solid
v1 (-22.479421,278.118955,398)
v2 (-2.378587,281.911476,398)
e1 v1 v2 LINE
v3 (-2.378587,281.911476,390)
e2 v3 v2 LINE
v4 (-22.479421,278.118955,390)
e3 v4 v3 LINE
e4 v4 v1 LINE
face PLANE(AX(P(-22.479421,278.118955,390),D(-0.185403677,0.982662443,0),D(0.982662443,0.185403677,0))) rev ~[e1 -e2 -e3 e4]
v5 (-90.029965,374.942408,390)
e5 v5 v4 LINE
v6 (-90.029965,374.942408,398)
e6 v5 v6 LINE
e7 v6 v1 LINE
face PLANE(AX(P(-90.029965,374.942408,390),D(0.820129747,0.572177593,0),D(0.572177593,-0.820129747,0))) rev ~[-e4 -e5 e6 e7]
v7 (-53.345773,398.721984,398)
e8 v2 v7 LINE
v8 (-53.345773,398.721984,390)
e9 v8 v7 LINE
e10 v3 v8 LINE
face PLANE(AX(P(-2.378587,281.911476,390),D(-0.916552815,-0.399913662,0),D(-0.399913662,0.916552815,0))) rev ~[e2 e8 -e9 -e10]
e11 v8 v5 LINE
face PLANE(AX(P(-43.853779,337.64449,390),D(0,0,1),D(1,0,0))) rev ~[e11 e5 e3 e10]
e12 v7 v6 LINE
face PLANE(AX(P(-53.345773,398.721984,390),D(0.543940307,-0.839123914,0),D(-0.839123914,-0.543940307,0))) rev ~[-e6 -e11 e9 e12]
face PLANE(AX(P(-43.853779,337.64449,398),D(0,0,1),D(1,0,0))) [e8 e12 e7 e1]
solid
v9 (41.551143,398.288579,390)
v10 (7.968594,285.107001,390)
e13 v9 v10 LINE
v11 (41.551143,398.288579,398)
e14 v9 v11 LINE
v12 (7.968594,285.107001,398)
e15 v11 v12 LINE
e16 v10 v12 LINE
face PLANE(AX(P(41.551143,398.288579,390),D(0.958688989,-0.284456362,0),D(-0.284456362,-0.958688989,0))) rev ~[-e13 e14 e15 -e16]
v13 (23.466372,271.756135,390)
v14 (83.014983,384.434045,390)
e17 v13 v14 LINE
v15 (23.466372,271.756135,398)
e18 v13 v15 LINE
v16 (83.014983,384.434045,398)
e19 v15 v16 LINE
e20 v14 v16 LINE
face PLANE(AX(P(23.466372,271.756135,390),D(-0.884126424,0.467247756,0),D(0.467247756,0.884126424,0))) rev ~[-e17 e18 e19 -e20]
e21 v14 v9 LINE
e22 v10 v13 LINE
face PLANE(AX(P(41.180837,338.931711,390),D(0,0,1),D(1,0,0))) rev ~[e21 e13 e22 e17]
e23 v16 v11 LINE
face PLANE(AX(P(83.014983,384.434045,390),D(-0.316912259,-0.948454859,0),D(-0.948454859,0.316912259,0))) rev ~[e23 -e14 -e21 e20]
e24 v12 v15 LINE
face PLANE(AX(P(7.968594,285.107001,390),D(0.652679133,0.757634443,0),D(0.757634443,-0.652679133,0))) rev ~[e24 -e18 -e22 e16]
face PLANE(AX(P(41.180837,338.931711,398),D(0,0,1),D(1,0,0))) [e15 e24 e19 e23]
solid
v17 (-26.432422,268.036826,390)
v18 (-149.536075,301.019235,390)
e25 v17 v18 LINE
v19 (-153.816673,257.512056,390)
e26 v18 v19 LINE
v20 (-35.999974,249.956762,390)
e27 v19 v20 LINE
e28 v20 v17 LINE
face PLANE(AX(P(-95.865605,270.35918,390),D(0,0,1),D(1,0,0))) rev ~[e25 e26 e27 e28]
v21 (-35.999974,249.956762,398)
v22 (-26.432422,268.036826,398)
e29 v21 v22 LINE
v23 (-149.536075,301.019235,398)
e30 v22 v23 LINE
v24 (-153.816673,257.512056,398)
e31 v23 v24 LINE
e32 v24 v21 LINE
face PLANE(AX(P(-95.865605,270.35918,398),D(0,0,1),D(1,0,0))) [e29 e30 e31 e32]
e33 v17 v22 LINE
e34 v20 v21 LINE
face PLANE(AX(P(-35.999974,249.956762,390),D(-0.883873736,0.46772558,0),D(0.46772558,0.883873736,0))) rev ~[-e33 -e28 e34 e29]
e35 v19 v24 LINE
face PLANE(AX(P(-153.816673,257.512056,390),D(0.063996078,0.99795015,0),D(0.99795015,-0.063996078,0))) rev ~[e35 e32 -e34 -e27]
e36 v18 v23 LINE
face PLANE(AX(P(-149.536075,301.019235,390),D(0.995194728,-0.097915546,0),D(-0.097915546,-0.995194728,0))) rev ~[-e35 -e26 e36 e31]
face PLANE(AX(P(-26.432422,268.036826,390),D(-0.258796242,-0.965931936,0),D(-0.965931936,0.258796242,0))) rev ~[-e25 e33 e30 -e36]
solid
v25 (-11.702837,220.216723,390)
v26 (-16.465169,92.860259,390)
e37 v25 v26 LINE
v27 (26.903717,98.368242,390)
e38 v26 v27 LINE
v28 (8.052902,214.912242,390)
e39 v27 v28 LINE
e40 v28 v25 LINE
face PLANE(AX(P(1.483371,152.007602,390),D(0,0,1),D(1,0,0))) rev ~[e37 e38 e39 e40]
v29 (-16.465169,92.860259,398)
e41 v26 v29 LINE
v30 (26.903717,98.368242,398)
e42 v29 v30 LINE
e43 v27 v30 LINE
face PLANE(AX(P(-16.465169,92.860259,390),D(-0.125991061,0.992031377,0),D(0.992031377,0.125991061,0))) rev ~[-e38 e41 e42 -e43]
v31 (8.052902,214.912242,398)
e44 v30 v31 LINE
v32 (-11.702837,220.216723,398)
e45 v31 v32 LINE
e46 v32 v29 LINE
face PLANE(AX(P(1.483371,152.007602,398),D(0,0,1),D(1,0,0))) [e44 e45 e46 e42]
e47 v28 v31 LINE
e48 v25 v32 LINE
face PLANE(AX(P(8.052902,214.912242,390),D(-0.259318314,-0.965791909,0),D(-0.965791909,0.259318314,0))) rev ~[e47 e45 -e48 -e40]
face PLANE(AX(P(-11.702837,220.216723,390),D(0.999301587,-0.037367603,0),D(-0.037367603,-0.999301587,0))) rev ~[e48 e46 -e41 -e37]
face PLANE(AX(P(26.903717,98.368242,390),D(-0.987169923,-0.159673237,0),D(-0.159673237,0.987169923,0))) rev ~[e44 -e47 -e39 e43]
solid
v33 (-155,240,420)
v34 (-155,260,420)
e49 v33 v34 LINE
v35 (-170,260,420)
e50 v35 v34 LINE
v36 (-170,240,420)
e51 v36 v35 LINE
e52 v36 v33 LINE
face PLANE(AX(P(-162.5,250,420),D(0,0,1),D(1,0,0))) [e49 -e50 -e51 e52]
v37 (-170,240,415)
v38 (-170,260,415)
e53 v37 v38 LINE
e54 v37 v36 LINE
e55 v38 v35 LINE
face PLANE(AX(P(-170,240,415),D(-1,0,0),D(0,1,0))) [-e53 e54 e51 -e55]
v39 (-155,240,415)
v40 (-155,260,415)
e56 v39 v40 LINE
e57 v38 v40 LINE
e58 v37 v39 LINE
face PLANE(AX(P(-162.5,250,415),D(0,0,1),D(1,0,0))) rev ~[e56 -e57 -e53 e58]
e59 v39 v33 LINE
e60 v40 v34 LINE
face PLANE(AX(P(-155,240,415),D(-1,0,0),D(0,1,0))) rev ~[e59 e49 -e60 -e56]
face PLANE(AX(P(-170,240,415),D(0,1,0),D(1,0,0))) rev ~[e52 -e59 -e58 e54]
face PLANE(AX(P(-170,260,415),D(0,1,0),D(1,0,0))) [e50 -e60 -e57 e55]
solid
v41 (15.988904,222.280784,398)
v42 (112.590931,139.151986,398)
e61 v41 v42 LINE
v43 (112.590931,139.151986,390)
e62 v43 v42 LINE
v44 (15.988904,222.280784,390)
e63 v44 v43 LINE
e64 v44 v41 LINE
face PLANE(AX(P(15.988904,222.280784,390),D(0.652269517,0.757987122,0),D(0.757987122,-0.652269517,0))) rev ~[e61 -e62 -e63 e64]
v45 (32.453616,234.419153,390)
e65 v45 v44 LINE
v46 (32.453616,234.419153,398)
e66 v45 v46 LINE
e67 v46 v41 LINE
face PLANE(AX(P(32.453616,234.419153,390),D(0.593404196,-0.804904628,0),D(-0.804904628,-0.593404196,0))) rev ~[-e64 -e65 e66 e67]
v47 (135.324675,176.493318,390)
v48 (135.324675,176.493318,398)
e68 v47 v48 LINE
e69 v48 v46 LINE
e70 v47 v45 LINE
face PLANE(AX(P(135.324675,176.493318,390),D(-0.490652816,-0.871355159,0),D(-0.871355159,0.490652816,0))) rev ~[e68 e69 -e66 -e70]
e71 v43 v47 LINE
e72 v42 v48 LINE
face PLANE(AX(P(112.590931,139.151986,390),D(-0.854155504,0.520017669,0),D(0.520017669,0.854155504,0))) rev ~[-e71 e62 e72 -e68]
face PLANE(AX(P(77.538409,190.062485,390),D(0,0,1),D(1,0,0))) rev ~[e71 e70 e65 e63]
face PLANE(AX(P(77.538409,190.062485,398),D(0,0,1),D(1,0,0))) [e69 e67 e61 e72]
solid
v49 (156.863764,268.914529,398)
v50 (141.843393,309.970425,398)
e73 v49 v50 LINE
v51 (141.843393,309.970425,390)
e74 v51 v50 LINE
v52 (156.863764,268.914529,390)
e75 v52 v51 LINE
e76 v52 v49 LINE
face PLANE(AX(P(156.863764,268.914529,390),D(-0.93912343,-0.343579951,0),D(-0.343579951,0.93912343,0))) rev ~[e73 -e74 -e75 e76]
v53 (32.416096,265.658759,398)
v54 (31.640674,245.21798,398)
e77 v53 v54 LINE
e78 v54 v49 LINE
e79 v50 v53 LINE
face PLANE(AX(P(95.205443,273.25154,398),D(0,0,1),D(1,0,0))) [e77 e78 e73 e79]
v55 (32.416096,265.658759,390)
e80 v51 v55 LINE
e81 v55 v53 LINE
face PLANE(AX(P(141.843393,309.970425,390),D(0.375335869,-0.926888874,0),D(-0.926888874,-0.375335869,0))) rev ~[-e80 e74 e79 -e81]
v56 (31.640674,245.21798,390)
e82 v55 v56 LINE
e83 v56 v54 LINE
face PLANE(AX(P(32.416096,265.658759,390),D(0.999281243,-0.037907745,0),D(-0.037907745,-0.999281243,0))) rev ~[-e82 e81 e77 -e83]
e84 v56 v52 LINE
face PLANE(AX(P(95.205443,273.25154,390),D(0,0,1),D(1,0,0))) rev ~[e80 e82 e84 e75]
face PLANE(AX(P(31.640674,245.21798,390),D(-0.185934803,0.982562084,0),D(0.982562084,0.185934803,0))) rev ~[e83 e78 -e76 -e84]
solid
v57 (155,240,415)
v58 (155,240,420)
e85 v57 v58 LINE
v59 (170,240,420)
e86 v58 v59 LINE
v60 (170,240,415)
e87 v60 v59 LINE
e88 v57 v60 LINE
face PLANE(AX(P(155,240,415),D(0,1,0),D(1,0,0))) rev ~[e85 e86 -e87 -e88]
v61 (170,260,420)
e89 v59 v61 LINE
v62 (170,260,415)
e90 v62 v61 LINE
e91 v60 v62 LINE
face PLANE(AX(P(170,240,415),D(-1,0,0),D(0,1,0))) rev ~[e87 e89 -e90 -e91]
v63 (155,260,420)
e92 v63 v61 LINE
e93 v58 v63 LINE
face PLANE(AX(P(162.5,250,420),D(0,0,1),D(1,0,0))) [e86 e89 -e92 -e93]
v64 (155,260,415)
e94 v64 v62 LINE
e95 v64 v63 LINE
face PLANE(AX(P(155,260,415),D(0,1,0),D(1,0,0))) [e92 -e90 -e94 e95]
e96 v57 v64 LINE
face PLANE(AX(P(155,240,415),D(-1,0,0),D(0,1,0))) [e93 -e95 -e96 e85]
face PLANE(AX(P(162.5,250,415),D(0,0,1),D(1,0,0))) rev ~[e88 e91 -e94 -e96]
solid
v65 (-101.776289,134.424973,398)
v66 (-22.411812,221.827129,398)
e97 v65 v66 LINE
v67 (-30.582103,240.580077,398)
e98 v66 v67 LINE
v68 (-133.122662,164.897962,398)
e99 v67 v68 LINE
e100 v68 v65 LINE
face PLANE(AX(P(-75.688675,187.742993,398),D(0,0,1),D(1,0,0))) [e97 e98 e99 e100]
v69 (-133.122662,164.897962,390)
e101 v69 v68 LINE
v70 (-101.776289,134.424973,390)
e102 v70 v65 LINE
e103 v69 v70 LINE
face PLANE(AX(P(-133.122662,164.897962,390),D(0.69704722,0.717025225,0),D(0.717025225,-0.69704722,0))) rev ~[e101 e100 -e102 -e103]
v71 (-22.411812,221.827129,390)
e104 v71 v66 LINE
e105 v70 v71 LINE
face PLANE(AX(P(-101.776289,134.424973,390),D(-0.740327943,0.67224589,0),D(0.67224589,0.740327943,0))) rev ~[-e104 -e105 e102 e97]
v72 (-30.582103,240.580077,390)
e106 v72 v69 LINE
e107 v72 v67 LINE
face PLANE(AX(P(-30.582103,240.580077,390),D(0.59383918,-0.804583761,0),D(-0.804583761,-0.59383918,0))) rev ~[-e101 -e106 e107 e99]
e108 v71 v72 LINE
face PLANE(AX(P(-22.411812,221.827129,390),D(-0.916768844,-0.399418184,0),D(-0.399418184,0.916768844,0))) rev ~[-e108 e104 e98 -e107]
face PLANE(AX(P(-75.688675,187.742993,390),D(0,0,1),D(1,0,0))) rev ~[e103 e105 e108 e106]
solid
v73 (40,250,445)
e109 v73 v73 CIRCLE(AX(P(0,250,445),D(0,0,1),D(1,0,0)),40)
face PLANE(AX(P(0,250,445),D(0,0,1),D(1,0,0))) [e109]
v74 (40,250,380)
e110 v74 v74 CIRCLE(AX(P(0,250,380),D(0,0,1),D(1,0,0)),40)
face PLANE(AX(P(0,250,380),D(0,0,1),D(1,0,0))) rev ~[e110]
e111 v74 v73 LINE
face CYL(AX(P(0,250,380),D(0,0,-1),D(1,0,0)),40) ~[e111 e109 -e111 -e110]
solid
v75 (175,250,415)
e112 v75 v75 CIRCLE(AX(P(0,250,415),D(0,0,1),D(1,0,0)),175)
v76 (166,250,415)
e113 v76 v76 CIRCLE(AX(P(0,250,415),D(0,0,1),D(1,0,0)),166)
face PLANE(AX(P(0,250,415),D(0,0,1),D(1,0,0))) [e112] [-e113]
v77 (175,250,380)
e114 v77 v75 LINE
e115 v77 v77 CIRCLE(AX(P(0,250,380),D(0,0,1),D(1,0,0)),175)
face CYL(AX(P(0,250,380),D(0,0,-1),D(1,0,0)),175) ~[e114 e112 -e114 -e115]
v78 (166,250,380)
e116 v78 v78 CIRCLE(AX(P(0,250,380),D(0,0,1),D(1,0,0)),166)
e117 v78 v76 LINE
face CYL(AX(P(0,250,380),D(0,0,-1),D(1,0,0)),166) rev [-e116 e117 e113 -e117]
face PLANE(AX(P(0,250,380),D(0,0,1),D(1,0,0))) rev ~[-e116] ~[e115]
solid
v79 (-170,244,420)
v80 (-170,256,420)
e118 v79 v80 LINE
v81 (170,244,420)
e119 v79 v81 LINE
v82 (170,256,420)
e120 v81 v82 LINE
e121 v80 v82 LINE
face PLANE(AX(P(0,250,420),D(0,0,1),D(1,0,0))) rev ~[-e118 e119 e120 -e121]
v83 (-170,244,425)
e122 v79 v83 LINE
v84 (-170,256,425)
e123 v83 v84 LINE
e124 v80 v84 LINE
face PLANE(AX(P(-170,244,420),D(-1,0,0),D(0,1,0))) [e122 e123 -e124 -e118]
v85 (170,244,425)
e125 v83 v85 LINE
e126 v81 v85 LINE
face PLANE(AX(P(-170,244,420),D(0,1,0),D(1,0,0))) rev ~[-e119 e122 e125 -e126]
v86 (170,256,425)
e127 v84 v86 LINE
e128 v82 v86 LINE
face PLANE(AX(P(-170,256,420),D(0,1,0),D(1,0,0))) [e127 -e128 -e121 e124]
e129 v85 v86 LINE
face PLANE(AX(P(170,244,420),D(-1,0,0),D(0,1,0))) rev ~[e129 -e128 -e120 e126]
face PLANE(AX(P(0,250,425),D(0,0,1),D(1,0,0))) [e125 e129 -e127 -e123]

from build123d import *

# Parameters (mm, degrees)
FAN_HOUSING_OD350_ASSUMED_START  = 380
SKETCH1_R                        = 175
SKETCH1_R_2                      = 166
FAN_HOUSING_OD350_ASSUMED_DEPTH  = 35
FAN_MOTOR_ENVELOPE_ASSUMED_START = 380
SKETCH2_R                        = 40
FAN_MOTOR_ENVELOPE_ASSUMED_DEPTH = 65
BLADE_1_VISUAL_ONLY_START        = 390
BLADE_1_VISUAL_ONLY_DEPTH        = 8
BLADE_2_VISUAL_ONLY_START        = 390
BLADE_2_VISUAL_ONLY_DEPTH        = 8
BLADE_3_VISUAL_ONLY_START        = 390
BLADE_3_VISUAL_ONLY_DEPTH        = 8
BLADE_4_VISUAL_ONLY_START        = 390
BLADE_4_VISUAL_ONLY_DEPTH        = 8
BLADE_5_VISUAL_ONLY_START        = 390
BLADE_5_VISUAL_ONLY_DEPTH        = 8
BLADE_6_VISUAL_ONLY_START        = 390
BLADE_6_VISUAL_ONLY_DEPTH        = 8
BLADE_7_VISUAL_ONLY_START        = 390
BLADE_7_VISUAL_ONLY_DEPTH        = 8
MOTOR_SUPPORT_STRUT_START        = 415
SKETCH10_W                       = 15
SKETCH10_H                       = 20
MOTOR_SUPPORT_STRUT_DEPTH        = 5
BOSS_EXTRUDE11_START             = 415
SKETCH11_W                       = 15
SKETCH11_H                       = 20
BOSS_EXTRUDE11_DEPTH             = 5
MOTOR_SUPPORT_BRIDGE_START       = 420
SKETCH12_W                       = 340
SKETCH12_H                       = 12
MOTOR_SUPPORT_BRIDGE_DEPTH       = 5


with BuildPart() as part:
    # Sketch1 → Fan_housing_OD350_ASSUMED (new body)
    with BuildSketch(Plane.XY.offset(FAN_HOUSING_OD350_ASSUMED_START)):
        with Locations((0, 250)):
            Circle(SKETCH1_R)
        with Locations((0, 250)):
            Circle(SKETCH1_R_2, mode=Mode.SUBTRACT)
    extrude(amount=FAN_HOUSING_OD350_ASSUMED_DEPTH)


with BuildPart() as body_2:
    # Sketch2 → Fan_motor_envelope_ASSUMED (new body)
    with BuildSketch(Plane.XY.offset(FAN_MOTOR_ENVELOPE_ASSUMED_START)):
        with Locations((0, 250)):
            Circle(SKETCH2_R)
    extrude(amount=FAN_MOTOR_ENVELOPE_ASSUMED_DEPTH)


with BuildPart() as body_3:
    # Sketch3 → Blade_1_VISUAL_ONLY (new body)
    with BuildSketch(Plane.XY.offset(BLADE_1_VISUAL_ONLY_START)):
        Polygon((31.640674494, 245.217979761), (156.863764465, 268.914528752), (141.843393076, 309.970424716), (32.416095685, 265.658759228), align=None)
    extrude(amount=BLADE_1_VISUAL_ONLY_DEPTH)


with BuildPart() as body_4:
    # Sketch4 → Blade_2_VISUAL_ONLY (new body)
    with BuildSketch(Plane.XY.offset(BLADE_2_VISUAL_ONLY_START)):
        Polygon((23.466371844, 271.756134595), (83.014983371, 384.434045301), (41.551142985, 398.288578511), (7.968594135, 285.107000833), align=None)
    extrude(amount=BLADE_2_VISUAL_ONLY_DEPTH)


with BuildPart() as body_5:
    # Sketch5 → Blade_3_VISUAL_ONLY (new body)
    with BuildSketch(Plane.XY.offset(BLADE_3_VISUAL_ONLY_START)):
        Polygon((-2.378587432, 281.911476334), (-53.345773398, 398.721983784), (-90.029965263, 374.942408151), (-22.479421328, 278.118954759), align=None)
    extrude(amount=BLADE_3_VISUAL_ONLY_DEPTH)


with BuildPart() as body_6:
    # Sketch6 → Blade_4_VISUAL_ONLY (new body)
    with BuildSketch(Plane.XY.offset(BLADE_4_VISUAL_ONLY_START)):
        Polygon((-26.432421857, 268.036825519), (-149.536074743, 301.019235102), (-153.816673392, 257.512056094), (-35.999974035, 249.956762229), align=None)
    extrude(amount=BLADE_4_VISUAL_ONLY_DEPTH)


with BuildPart() as body_7:
    # Sketch7 → Blade_5_VISUAL_ONLY (new body)
    with BuildSketch(Plane.XY.offset(BLADE_5_VISUAL_ONLY_START)):
        Polygon((-30.5821035, 240.580077204), (-133.122661826, 164.897961786), (-101.776289167, 134.424972579), (-22.411812027, 221.827128622), align=None)
    extrude(amount=BLADE_5_VISUAL_ONLY_DEPTH)


with BuildPart() as body_8:
    # Sketch8 → Blade_6_VISUAL_ONLY (new body)
    with BuildSketch(Plane.XY.offset(BLADE_6_VISUAL_ONLY_START)):
        Polygon((-11.702837447, 220.216722885), (-16.465169347, 92.86025901), (26.903716658, 98.368242014), (8.052901555, 214.912241785), align=None)
    extrude(amount=BLADE_6_VISUAL_ONLY_DEPTH)


with BuildPart() as body_9:
    # Sketch9 → Blade_7_VISUAL_ONLY (new body)
    with BuildSketch(Plane.XY.offset(BLADE_7_VISUAL_ONLY_START)):
        Polygon((15.988903898, 222.280783703), (112.590931479, 139.151986266), (135.324675104, 176.493317936), (32.453616016, 234.419152543), align=None)
    extrude(amount=BLADE_7_VISUAL_ONLY_DEPTH)


with BuildPart() as body_10:
    # Sketch10 → Motor_support_strut (new body)
    with BuildSketch(Plane.XY.offset(MOTOR_SUPPORT_STRUT_START)):
        with Locations((-162.5, 250)):
            Rectangle(SKETCH10_W, SKETCH10_H)
    extrude(amount=MOTOR_SUPPORT_STRUT_DEPTH)


with BuildPart() as body_11:
    # Sketch11 → Boss-Extrude11 (new body)
    with BuildSketch(Plane.XY.offset(BOSS_EXTRUDE11_START)):
        with Locations((162.5, 250)):
            Rectangle(SKETCH11_W, SKETCH11_H)
    extrude(amount=BOSS_EXTRUDE11_DEPTH)


with BuildPart() as body_12:
    # Sketch12 → Motor_support_bridge (new body)
    with BuildSketch(Plane.XY.offset(MOTOR_SUPPORT_BRIDGE_START)):
        with Locations((0, 250)):
            Rectangle(SKETCH12_W, SKETCH12_H)
    extrude(amount=MOTOR_SUPPORT_BRIDGE_DEPTH)


solid = Compound([part.part, body_2.part, body_3.part, body_4.part, body_5.part, body_6.part, body_7.part, body_8.part, body_9.part, body_10.part, body_11.part, body_12.part])
